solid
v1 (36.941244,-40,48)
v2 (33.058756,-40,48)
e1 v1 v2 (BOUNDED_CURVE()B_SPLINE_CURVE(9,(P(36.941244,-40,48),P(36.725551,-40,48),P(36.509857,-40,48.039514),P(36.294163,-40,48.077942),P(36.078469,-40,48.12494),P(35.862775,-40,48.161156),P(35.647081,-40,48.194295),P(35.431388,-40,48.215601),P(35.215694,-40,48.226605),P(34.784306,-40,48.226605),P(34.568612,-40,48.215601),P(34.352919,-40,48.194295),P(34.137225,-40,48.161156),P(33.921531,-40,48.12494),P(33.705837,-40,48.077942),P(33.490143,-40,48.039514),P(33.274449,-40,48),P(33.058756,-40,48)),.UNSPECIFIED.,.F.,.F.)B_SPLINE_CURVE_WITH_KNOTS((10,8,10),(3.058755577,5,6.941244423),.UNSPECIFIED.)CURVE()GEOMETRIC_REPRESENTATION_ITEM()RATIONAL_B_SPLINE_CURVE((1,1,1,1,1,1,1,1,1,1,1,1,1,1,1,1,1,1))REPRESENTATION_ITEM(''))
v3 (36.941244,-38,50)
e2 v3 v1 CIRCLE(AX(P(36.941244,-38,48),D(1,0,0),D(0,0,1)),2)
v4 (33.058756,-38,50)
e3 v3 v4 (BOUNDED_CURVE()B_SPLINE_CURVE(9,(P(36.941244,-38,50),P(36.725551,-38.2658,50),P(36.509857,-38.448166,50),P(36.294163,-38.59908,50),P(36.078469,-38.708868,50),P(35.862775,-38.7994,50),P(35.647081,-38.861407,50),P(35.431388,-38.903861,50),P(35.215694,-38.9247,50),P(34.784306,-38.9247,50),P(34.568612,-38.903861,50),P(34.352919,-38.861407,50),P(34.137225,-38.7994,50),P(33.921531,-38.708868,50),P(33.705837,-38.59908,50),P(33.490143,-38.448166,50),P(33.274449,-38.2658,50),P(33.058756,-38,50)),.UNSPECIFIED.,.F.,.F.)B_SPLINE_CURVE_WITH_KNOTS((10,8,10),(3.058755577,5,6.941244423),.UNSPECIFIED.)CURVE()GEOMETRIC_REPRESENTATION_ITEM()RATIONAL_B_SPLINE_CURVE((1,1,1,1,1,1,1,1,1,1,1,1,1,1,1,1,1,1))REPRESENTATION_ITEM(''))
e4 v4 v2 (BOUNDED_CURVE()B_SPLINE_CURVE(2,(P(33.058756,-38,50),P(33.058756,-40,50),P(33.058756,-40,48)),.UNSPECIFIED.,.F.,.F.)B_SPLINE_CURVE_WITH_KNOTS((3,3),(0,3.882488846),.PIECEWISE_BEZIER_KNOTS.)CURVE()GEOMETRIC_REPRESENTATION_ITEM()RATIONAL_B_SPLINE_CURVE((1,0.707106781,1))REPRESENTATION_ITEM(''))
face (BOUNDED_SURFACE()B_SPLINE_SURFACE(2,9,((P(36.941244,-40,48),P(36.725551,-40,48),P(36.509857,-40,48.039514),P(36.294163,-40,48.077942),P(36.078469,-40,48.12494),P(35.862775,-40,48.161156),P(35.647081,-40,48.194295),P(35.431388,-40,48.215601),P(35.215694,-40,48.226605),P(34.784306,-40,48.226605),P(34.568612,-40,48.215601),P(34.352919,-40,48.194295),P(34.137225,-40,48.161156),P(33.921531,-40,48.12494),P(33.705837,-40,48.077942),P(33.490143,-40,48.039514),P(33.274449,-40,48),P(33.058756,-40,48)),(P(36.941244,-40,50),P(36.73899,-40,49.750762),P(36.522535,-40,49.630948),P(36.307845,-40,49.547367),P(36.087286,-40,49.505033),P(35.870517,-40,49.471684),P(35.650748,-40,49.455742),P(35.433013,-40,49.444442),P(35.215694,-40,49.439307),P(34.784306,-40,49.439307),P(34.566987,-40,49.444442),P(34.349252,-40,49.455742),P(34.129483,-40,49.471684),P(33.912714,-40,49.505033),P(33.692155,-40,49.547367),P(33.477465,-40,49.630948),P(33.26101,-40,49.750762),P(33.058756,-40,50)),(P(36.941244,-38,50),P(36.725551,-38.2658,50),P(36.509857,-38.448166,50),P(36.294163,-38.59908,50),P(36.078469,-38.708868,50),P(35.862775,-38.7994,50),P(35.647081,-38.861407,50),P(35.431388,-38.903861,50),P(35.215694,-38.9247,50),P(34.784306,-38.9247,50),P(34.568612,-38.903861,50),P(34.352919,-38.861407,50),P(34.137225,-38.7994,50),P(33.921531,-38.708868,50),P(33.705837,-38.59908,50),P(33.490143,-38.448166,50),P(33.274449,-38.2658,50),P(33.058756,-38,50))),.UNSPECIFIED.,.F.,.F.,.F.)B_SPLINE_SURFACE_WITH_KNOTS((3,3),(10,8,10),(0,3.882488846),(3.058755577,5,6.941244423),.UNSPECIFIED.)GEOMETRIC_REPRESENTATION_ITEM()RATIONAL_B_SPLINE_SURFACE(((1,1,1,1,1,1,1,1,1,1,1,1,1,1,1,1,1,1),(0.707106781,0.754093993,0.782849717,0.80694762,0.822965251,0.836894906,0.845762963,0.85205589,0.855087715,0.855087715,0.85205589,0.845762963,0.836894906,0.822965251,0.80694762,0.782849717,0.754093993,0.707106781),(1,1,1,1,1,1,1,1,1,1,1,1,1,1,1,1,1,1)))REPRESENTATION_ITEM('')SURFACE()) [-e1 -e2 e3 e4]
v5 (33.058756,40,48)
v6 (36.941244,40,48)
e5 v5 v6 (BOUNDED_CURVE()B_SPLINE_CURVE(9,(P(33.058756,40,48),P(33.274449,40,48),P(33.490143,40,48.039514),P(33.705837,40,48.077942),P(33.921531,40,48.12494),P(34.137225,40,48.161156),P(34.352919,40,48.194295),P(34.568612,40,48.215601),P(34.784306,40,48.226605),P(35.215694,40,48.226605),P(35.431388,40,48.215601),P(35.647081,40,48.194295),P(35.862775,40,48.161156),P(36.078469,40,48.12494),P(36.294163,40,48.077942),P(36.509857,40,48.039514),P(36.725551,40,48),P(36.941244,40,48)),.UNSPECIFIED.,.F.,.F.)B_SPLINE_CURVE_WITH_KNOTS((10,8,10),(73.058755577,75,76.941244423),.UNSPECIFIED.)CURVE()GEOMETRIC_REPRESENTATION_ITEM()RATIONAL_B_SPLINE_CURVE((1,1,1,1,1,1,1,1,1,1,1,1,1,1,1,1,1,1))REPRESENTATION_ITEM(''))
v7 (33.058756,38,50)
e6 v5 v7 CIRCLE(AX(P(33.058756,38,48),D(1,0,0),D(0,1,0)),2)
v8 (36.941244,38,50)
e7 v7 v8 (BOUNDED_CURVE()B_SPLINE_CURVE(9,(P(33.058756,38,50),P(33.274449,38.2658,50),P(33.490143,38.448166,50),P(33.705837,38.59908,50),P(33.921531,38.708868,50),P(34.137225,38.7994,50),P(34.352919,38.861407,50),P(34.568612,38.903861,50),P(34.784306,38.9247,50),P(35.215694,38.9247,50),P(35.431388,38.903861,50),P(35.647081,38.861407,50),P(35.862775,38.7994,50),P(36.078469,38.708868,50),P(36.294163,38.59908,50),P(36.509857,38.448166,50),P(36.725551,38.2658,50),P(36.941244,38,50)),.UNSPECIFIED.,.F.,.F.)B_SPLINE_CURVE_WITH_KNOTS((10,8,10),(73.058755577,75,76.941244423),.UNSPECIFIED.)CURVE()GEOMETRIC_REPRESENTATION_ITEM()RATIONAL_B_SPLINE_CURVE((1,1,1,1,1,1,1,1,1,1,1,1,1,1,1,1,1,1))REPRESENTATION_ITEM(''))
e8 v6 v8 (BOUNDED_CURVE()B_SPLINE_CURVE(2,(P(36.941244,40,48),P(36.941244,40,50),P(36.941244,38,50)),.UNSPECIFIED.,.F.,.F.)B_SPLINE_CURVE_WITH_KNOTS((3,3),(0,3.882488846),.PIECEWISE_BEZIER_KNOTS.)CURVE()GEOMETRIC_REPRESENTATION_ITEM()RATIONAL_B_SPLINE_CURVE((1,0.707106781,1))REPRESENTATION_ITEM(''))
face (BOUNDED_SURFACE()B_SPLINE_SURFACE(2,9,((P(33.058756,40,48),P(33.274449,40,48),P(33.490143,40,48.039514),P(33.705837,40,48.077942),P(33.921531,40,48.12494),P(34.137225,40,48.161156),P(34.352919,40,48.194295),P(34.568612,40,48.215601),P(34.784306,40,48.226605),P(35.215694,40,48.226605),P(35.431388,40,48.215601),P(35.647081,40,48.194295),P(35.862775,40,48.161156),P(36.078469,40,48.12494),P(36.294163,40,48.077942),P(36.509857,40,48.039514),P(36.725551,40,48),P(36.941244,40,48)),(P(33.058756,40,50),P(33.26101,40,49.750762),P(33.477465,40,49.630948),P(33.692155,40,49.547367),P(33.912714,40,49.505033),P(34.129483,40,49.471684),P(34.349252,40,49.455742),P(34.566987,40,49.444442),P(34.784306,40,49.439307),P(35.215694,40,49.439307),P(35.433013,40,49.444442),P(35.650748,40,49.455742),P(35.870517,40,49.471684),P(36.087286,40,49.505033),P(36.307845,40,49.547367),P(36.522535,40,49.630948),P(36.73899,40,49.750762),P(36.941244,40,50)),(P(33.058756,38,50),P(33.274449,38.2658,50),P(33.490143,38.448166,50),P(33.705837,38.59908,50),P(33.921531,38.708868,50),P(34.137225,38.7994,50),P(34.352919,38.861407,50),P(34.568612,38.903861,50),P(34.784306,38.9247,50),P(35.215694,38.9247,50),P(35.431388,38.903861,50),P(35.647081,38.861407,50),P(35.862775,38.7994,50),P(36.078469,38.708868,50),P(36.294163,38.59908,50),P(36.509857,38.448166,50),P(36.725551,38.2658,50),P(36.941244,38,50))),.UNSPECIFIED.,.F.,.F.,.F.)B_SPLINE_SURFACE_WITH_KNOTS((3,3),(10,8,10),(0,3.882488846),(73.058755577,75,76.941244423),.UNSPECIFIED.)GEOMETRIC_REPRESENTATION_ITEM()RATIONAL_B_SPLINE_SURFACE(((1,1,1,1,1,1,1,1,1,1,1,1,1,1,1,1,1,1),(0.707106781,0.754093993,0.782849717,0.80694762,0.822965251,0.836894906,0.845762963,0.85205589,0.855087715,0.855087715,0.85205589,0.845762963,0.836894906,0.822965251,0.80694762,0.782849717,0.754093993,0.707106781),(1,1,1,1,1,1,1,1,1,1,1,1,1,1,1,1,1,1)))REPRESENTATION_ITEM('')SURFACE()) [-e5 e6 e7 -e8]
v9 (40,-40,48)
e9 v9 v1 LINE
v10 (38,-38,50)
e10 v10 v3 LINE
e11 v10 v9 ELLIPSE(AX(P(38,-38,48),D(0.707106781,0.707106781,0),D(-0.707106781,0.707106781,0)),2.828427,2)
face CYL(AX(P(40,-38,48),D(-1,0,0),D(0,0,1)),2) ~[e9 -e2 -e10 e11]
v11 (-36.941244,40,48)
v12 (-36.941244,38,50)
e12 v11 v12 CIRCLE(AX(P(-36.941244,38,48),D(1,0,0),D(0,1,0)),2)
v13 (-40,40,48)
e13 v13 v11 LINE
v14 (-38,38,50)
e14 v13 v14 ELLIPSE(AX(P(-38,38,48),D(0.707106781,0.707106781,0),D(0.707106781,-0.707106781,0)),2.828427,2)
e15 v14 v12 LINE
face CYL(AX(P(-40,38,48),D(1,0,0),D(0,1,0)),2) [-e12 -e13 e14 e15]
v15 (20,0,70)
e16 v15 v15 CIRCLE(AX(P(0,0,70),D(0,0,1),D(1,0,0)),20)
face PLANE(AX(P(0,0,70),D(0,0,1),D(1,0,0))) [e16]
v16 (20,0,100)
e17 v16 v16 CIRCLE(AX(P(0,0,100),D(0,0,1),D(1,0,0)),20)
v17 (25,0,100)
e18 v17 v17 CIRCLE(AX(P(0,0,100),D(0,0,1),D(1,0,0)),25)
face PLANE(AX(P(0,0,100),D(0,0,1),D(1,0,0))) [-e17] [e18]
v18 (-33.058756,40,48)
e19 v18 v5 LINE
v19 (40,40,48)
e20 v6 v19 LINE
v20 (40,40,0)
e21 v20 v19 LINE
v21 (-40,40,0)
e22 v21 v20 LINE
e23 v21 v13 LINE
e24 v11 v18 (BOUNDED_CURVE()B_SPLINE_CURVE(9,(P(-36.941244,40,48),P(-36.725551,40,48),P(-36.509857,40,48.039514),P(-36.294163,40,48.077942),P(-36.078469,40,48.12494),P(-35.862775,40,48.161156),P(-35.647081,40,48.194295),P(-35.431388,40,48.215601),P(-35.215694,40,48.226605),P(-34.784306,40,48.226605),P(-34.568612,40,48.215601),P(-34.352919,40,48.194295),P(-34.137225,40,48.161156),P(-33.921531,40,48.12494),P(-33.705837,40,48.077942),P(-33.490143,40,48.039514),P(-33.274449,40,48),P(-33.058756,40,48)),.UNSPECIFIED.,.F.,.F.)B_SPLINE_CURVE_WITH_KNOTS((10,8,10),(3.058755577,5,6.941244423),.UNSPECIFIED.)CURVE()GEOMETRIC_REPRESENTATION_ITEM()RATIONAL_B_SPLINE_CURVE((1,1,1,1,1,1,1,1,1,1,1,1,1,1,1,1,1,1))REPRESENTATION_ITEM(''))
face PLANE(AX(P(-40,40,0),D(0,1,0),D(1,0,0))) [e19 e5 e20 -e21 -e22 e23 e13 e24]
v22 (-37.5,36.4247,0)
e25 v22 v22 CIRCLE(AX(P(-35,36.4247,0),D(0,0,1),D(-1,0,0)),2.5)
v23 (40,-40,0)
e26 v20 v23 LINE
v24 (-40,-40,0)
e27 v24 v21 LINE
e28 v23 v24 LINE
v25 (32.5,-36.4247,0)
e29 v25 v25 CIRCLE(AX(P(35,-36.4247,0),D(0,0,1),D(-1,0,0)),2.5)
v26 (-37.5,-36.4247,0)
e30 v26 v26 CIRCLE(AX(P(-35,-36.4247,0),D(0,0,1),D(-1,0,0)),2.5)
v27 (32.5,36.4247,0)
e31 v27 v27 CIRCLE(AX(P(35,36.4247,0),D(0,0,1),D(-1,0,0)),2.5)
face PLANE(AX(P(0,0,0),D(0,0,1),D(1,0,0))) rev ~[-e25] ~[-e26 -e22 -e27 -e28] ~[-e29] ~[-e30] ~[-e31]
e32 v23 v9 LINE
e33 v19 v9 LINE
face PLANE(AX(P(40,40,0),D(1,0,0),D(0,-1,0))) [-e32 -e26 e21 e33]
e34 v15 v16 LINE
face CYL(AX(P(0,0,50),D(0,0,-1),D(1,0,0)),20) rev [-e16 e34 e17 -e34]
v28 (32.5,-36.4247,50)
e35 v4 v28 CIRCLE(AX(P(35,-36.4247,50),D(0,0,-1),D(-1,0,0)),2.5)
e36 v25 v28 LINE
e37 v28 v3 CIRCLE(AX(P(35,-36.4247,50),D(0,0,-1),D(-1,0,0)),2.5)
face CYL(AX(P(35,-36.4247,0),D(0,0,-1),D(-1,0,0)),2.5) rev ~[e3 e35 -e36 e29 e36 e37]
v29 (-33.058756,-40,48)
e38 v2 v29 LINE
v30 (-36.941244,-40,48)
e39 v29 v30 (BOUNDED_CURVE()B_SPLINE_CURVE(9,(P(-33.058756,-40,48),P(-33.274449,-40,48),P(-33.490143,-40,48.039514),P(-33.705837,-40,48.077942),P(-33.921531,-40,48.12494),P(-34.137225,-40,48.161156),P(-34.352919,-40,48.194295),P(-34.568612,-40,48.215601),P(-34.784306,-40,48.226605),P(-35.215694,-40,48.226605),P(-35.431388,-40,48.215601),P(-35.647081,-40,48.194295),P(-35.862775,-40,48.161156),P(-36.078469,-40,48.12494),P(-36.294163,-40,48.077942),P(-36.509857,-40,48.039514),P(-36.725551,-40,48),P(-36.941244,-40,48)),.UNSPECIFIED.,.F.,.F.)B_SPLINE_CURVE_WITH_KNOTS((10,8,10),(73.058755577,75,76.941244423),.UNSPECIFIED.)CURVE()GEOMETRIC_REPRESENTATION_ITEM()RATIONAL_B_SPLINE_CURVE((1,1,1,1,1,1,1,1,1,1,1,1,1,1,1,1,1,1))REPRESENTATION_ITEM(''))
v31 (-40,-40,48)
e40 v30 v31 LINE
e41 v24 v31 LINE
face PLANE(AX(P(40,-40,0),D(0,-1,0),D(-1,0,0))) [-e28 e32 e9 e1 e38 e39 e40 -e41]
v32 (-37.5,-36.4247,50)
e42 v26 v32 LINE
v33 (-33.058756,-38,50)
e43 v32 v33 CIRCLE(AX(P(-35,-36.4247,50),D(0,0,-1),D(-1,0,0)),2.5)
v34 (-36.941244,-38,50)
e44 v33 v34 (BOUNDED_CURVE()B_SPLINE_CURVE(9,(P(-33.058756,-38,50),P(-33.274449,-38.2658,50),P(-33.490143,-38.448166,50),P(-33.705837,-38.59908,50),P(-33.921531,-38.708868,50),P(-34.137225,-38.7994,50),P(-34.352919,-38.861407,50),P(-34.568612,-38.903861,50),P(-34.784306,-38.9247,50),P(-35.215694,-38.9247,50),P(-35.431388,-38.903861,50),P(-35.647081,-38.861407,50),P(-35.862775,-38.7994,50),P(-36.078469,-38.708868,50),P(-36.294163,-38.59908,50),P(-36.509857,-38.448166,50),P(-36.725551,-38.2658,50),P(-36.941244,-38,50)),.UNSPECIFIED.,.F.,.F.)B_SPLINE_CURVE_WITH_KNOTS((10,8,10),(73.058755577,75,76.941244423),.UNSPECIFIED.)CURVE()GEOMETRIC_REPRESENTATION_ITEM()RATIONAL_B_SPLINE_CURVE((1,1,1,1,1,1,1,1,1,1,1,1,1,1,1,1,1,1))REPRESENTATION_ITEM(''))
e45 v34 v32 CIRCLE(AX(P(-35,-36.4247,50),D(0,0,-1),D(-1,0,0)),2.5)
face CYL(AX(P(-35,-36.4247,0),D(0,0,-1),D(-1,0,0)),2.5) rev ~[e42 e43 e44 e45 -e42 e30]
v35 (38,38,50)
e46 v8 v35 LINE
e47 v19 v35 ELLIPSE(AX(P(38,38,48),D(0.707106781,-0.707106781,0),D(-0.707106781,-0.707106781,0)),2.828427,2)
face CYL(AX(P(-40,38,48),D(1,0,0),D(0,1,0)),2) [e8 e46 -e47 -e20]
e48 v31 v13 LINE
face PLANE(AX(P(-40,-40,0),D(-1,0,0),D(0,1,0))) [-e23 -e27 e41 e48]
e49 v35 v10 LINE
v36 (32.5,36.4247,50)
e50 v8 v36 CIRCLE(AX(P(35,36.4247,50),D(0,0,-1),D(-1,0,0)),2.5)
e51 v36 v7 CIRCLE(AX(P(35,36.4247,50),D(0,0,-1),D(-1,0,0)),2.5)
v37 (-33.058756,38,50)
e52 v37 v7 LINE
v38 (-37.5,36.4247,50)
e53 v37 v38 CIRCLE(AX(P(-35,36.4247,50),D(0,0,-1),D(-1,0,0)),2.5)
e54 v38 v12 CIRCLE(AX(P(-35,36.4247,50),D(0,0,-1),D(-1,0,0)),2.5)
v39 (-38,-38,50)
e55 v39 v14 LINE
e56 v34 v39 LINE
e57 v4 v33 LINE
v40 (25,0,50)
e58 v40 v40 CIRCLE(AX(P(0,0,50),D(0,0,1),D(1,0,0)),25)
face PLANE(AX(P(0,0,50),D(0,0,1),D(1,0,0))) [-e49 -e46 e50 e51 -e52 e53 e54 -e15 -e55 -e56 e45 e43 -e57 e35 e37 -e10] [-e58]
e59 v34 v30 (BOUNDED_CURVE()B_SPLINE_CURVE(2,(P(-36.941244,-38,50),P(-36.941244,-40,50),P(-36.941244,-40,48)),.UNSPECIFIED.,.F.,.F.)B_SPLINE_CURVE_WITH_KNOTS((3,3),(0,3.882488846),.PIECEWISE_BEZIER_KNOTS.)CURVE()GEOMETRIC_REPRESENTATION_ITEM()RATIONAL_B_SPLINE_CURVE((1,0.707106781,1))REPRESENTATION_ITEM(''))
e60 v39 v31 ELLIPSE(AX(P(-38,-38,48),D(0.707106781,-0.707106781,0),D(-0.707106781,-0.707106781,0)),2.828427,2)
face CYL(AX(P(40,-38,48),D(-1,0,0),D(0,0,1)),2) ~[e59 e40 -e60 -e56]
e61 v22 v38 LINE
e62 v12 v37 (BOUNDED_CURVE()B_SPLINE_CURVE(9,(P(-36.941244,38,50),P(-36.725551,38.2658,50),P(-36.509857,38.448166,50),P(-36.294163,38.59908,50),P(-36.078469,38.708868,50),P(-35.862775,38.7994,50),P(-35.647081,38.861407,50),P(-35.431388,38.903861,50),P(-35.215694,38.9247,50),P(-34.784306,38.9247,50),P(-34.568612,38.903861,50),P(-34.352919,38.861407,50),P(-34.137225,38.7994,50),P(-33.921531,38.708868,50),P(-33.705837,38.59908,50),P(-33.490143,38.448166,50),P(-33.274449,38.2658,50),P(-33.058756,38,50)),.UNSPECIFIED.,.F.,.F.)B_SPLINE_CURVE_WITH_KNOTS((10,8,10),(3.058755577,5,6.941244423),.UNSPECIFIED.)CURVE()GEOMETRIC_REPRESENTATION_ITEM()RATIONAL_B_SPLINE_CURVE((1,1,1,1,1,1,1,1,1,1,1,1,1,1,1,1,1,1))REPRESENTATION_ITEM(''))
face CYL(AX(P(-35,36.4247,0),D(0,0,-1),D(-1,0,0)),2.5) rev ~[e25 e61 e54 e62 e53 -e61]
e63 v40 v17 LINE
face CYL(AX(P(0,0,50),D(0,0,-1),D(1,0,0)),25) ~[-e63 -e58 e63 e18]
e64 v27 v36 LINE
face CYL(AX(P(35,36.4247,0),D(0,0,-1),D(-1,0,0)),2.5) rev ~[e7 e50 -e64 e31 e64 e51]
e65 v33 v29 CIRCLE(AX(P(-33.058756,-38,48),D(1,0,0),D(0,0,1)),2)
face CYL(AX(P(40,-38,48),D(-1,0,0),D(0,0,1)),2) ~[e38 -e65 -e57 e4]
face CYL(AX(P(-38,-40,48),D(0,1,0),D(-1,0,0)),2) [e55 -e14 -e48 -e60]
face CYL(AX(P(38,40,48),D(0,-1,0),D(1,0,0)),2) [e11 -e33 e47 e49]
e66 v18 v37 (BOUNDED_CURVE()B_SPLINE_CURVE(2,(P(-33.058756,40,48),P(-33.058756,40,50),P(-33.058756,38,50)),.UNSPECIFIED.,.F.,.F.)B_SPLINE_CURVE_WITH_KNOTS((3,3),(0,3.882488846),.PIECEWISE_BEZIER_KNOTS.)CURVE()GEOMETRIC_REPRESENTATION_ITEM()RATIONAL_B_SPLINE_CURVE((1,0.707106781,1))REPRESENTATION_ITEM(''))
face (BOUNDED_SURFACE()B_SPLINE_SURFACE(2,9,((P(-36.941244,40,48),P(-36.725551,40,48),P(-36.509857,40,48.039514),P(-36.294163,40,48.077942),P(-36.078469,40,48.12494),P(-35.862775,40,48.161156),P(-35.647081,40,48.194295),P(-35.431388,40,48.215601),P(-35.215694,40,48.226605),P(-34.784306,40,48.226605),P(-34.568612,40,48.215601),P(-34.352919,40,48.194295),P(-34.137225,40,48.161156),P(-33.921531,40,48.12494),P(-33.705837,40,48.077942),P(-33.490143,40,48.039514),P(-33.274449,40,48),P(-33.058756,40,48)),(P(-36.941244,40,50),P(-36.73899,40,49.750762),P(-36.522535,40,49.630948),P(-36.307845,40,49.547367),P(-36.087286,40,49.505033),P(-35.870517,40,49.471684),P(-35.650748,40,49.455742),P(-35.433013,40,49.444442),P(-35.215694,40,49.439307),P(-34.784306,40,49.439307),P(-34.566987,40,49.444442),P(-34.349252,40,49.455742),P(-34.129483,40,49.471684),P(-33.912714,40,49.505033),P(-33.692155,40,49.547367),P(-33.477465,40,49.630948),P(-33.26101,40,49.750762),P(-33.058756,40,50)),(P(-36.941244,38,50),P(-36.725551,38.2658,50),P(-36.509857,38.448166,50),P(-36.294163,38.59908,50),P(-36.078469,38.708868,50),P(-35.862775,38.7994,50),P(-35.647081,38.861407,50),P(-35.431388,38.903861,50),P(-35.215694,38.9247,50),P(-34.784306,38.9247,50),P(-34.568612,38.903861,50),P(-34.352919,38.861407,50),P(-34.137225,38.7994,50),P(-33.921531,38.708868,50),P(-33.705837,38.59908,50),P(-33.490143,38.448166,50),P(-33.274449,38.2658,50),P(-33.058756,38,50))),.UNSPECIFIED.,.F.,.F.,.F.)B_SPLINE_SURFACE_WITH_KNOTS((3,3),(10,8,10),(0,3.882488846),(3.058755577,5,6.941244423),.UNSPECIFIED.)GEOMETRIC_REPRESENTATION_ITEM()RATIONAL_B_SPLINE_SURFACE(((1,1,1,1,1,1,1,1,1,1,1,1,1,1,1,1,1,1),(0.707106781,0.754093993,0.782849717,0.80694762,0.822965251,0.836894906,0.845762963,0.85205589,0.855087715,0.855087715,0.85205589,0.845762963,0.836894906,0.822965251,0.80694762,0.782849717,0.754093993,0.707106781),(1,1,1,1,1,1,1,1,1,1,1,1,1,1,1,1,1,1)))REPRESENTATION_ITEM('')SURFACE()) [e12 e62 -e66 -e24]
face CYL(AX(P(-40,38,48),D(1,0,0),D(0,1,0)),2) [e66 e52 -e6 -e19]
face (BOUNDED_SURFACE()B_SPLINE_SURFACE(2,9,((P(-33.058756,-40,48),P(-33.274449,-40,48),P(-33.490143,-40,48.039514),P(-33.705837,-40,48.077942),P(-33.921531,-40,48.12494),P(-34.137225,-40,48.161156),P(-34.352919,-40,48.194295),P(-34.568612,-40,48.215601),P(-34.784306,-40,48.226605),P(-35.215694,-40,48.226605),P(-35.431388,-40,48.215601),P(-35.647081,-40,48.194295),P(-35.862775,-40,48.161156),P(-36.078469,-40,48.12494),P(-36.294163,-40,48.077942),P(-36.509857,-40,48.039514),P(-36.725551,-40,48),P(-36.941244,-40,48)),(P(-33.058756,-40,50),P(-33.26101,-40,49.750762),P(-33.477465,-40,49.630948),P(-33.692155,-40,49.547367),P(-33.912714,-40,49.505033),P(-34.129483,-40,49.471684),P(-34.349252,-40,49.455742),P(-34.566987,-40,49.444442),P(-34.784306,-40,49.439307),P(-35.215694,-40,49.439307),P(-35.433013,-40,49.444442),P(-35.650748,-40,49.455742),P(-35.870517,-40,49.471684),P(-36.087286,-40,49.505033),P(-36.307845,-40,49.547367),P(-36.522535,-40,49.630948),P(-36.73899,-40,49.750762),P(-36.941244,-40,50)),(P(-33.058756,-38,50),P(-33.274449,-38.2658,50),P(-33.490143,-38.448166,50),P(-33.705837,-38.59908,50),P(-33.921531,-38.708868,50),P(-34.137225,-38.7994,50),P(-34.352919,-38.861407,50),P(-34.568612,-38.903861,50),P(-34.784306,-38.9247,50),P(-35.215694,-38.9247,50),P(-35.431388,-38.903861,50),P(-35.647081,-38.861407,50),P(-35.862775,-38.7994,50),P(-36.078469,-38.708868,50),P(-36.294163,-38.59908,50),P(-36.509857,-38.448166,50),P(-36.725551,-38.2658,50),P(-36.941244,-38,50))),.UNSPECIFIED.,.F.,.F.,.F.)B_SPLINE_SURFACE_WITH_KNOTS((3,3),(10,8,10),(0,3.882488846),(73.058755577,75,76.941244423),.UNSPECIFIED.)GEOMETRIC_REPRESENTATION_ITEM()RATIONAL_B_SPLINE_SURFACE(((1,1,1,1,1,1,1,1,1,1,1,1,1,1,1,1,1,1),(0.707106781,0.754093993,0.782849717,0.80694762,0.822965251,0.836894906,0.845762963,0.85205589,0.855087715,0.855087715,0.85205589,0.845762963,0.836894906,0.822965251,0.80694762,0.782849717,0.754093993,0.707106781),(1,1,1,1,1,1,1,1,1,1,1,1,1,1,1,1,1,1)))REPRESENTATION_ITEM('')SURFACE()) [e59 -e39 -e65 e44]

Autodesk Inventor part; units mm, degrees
ref_plane "YZ Plane" through (0, 0, 0) normal (1, 0, 0) x (0, 1, 0)
ref_plane "XZ Plane" through (0, 0, 0) normal (0, 1, 0) x (-1, 0, 0)
ref_plane "XY Plane" through (0, 0, 0) normal (0, 0, 1) x (1, 0, 0)
sketch "Boceto1" plane through (0, 0, 0) normal (0, 0, 1) x (1, 0, 0)
  line L0 (-40, 40) -> (40, 40)
  line L1 (40, 40) -> (40, -40)
  line L2 (40, -40) -> (-40, -40)
  line L3 (-40, -40) -> (-40, 40)
  line L4 (-40, 40) -> (40, -40) construction
  line L5 (40, 40) -> (-40, -40) construction
  point P0 (0, 0)
  dimension "d0" = 80
  dimension "d1" = 80
extrude "Extrusión1" add sketch "Boceto1" along normal blind 50
sketch "Boceto2" plane through (0, 0, 50) normal (0, 0, 1) x (1, 0, 0)
  circle A0 centre (0, 0) radius 25
  circle A1 centre (0, 0) radius 20
  dimension "d4" = 50
  dimension "d5" = 5
extrude "Extrusión2" add sketch "Boceto2" along normal blind 50
sketch "Boceto3" plane through (0, 0, 0) normal (0, 0, -1) x (-1, 0, 0)
  line L0 (-40, 40) -> (40, 40) projected
  line L1 (40, 40) -> (40, -40) projected
  line L2 (-40, 40) -> (40, 40)
  line L3 (40, 40) -> (40, -40)
  line L4 (40, -40) -> (-40, -40)
  line L5 (-40, -40) -> (-40, 40)
  line L6 (-35, -36.4247) -> (35, 36.4247) construction
  line L7 (35, -36.4247) -> (-35, 36.4247) construction
  line L8 (-35, 36.4247) -> (-37.5, 36.4247)
  line L9 (-40, 36.4247) -> (-40, 40)
  line L10 (-40, 40) -> (-35, 40)
  line L11 (-35, 40) -> (-35, 38.9247)
  arc A0 (-35.0145, 36.4247) -> (-35.0108, 36.4359) centre (-35.2551, 36.5094) ccw
  circle A1 centre (-35, 36.4247) radius 2.5
  circle A2 centre (35, 36.4247) radius 2.5
  circle A3 centre (-35, -36.4247) radius 2.5
  circle A4 centre (35, -36.4247) radius 2.5
  line L12 (35, 36.4247) -> (32.5, 36.4247)
  line L13 (-32.5, 36.4247) -> (-35, 36.4247)
  line L14 (35, -36.4247) -> (35, -33.9247)
  line L15 (35, 33.9247) -> (35, 36.4247)
  line L16 (-35, 36.4247) -> (-35, 33.9247)
  line L17 (-35, -33.9247) -> (-35, -36.4247)
  line L18 (-35, -36.4247) -> (-32.5, -36.4247)
  line L19 (32.5, -36.4247) -> (35, -36.4247)
  point P0 (0, 0)
  point P1 (-38.2122, 38.2122)
  dimension "d9" = 70
sketch "Boceto4" plane through (0, 0, 0) normal (0, 0, -1) x (-1, 0, 0)
  point P0 (0, 0)
extrude "Extrusión3" cut sketch "Boceto3" against normal blind 50 contours A1 L13 L8 | A1 L16 L13 | L8 L16 A1 | A2 L15 L12 | L12 L15 A2 | L18 L17 A3 | A3 L17 L18 | A4 L19 L14 | L14 L19 A4
thread "Rosca1" size "M5x0.8" class "6H" standard "ANSI Metric M Profile" full length
thread "Rosca2" size "M5x0.8" class "6H" standard "ANSI Metric M Profile" full length
thread "Rosca3" size "M5x0.8" class "6H" standard "ANSI Metric M Profile" full length
thread "Rosca4" size "M5x0.8" class "6H" standard "ANSI Metric M Profile" full length
fillet "Empalme1" radius 2 4 edges at (0, -40, 50) (40, 0, 50) (0, 40, 50) (-40, 0, 50)
thread "Rosca5" size "M40x3" class "6H" standard "ANSI Metric M Profile" full length
sketch "Boceto5" plane through (0, 0, 50) normal (0, 0, 1) x (1, 0, 0)
  circle A0 centre (0, 0) radius 20
extrude "Extrusión4" add sketch "Boceto5" along normal blind 20
properties part number "Lab 1"
